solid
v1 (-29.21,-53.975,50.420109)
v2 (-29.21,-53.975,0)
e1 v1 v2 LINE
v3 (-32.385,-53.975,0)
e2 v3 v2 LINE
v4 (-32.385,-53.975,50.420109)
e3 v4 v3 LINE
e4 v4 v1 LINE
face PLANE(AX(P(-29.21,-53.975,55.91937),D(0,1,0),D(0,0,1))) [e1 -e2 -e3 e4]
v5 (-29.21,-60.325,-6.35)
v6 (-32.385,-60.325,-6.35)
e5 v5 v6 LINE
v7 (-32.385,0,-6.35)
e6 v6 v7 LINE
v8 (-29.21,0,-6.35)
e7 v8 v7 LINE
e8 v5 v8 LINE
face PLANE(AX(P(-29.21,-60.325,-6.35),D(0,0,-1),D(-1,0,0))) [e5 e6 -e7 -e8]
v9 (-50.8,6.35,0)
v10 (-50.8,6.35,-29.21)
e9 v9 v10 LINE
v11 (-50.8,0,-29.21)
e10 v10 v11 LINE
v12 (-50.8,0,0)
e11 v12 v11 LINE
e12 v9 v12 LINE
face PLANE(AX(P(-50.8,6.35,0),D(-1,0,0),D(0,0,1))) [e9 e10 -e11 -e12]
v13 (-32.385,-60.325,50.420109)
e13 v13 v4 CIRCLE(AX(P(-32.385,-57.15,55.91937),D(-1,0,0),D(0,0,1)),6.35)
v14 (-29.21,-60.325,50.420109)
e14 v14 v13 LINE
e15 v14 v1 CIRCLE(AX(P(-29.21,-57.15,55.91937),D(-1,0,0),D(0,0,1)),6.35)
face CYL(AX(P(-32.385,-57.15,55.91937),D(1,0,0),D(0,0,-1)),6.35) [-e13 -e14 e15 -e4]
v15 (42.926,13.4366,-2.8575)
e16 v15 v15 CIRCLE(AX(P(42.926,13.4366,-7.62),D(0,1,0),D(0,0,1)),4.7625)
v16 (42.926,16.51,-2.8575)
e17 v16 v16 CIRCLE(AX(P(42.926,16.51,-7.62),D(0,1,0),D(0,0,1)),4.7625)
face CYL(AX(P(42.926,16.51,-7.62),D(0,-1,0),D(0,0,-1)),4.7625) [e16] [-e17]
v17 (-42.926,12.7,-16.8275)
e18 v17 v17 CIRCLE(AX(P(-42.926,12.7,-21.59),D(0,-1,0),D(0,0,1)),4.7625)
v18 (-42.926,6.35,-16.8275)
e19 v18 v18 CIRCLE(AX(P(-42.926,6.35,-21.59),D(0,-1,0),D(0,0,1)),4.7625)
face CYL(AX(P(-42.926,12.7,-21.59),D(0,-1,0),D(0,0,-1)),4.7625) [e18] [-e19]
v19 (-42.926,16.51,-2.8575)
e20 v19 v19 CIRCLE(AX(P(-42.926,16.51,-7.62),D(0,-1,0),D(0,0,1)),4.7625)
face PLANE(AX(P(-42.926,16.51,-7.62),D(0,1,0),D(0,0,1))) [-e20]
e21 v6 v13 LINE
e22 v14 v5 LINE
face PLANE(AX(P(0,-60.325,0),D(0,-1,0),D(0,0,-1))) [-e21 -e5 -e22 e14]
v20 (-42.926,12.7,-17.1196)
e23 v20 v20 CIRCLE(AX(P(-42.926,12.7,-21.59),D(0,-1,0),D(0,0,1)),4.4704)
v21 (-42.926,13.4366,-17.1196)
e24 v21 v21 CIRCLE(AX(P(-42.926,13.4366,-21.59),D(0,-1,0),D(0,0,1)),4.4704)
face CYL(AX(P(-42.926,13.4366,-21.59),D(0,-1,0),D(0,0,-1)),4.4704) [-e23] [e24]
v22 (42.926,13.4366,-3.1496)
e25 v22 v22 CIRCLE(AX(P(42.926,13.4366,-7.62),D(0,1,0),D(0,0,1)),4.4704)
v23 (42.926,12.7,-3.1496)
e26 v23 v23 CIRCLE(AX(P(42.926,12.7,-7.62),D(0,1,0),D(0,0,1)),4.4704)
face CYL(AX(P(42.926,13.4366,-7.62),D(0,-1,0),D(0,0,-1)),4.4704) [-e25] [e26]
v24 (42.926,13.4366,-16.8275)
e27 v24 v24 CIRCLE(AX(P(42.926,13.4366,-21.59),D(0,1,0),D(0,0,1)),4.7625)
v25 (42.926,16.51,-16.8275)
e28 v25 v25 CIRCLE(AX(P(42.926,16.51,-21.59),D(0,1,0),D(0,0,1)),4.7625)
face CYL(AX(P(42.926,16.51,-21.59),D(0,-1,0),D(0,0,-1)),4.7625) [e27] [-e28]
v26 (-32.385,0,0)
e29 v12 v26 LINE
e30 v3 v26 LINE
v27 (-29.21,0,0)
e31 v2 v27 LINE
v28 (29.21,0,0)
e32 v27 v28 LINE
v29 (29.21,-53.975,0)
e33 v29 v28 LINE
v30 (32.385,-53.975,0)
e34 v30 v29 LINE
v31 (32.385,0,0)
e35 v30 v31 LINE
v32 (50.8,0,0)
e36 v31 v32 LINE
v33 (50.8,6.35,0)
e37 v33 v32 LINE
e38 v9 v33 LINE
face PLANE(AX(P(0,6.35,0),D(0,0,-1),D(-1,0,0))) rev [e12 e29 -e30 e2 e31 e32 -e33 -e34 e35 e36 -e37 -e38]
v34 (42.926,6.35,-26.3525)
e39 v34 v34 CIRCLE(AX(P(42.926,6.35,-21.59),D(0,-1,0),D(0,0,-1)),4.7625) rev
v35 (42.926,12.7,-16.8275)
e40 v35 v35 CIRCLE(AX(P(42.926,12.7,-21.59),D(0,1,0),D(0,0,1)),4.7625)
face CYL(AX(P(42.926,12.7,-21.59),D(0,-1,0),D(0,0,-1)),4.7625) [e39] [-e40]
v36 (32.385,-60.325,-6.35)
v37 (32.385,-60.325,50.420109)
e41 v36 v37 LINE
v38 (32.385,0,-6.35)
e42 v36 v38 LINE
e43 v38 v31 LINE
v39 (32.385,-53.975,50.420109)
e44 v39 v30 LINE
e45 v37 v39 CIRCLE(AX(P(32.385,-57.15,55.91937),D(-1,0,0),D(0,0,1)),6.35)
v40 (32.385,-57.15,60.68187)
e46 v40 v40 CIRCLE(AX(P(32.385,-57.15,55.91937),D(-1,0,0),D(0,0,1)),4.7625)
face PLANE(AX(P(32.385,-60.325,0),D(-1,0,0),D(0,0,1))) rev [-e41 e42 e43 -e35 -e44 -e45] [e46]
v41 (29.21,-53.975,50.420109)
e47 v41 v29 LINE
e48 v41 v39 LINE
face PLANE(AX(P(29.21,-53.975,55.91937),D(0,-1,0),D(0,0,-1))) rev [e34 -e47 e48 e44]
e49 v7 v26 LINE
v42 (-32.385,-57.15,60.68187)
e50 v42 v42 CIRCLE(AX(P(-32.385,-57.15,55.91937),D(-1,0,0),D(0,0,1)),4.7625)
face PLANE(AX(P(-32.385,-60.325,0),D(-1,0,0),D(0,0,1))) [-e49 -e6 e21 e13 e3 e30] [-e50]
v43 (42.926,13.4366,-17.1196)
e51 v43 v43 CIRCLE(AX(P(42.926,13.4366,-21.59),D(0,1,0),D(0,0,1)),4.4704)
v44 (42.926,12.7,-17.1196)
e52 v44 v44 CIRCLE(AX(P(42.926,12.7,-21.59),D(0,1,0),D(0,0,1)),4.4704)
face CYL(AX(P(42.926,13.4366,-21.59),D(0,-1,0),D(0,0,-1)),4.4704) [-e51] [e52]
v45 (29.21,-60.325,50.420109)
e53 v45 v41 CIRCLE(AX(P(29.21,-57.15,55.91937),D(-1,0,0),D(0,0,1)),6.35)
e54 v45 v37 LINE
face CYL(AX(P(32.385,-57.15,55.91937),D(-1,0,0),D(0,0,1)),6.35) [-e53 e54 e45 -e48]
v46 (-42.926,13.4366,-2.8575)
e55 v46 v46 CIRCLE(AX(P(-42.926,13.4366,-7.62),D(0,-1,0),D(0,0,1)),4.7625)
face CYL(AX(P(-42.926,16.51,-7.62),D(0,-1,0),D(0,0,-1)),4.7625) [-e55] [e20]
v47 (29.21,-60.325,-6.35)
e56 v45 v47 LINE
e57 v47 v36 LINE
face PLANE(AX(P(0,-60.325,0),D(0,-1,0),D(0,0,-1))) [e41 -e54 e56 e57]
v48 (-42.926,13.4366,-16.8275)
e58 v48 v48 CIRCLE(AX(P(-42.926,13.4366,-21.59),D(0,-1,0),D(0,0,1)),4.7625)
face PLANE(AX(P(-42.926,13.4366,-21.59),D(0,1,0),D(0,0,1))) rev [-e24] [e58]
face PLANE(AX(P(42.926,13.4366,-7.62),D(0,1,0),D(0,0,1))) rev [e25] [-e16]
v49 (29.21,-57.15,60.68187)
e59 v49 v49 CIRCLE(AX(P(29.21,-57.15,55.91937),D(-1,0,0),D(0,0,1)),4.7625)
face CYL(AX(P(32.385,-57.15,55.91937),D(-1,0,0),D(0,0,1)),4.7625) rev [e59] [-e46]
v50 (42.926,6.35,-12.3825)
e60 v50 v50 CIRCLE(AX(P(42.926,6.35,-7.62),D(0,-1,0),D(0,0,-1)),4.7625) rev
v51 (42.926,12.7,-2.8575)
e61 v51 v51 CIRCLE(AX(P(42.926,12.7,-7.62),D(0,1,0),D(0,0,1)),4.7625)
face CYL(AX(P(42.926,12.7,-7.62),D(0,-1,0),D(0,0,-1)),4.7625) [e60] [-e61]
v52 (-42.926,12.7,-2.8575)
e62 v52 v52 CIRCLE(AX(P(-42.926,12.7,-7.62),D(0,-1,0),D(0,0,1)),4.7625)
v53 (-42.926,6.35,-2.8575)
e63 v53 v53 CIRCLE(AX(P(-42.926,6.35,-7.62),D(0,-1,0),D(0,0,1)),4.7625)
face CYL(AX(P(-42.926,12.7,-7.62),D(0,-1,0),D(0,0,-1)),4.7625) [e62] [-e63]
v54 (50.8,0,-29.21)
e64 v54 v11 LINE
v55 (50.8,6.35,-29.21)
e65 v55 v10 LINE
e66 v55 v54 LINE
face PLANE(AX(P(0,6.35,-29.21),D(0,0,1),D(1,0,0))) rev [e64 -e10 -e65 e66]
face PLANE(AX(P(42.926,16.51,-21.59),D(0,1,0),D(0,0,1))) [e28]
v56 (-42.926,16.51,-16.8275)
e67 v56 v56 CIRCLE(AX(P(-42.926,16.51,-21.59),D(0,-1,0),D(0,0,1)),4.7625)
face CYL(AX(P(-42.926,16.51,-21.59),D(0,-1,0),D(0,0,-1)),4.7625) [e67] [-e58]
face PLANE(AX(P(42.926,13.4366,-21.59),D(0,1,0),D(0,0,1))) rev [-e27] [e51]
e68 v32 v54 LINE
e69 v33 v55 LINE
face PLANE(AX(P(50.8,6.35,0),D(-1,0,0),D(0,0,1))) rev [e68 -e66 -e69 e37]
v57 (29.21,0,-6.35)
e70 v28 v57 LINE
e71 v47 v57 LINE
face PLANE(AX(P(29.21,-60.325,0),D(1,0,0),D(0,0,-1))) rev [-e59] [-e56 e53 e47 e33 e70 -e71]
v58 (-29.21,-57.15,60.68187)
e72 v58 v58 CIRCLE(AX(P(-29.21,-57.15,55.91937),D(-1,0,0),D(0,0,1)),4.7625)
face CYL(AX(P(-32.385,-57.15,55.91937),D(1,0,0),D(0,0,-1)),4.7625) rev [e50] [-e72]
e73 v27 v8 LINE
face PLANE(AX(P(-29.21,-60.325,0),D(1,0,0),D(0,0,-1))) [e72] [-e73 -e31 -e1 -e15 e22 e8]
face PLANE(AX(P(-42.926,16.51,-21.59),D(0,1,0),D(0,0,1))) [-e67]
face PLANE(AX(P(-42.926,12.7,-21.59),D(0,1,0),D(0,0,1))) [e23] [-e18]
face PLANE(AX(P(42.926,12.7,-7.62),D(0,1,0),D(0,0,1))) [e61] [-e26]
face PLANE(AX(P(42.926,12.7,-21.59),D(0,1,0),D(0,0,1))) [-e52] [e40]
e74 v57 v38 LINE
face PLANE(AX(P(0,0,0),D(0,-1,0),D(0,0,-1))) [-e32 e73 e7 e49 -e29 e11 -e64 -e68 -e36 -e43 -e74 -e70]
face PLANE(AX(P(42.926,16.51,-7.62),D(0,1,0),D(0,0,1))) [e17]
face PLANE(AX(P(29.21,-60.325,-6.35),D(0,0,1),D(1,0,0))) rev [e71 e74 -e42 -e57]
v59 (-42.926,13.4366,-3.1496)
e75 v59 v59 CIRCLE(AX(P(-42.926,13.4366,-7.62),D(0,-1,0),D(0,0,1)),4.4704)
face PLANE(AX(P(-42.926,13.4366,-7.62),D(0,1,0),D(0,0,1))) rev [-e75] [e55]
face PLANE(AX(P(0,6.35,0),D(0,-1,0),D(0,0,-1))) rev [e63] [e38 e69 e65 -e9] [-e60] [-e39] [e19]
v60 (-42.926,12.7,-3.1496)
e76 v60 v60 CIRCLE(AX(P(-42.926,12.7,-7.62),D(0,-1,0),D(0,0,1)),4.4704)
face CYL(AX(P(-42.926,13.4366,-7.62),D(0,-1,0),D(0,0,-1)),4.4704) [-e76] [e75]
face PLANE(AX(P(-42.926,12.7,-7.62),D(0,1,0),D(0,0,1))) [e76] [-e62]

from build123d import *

# Parameters (mm, degrees)
SKETCH2_W           = 50.8
SKETCH2_H           = 29.21
BOSS_EXTRUDE1_DEPTH = 6.35
SKETCH4_R           = 4.7625
BOSS_EXTRUDE2_DEPTH = 6.35
SKETCH7_R           = 4.4704
BOSS_EXTRUDE3_DEPTH = 0.7366
SKETCH8_R           = 4.7625
BOSS_EXTRUDE4_DEPTH = 3.0734
SKETCH11_W          = 3.175
SKETCH11_H          = 6.35
BOSS_EXTRUDE5_DEPTH = 60.325
SKETCH12_W          = 3.175
SKETCH12_H          = 6.35
BOSS_EXTRUDE6_DEPTH = 55.91937
SKETCH13_R          = 6.35
SKETCH13_R_2        = 4.7625
BOSS_EXTRUDE8_DEPTH = 3.175
SKETCH17_R          = 4.7625
CUT_EXTRUDE3_DEPTH  = 3.175


with BuildPart() as part:
    # Sketch2 → Boss-Extrude1 (new body)
    with BuildSketch(Plane(origin=(0, 0, 0), x_dir=(1, 0, 0), z_dir=(0, 1, 0))):
        with Locations((25.4, 14.605)):
            Rectangle(SKETCH2_W, SKETCH2_H)
    boss_extrude1 = extrude(amount=BOSS_EXTRUDE1_DEPTH)

    # Sketch4 → Boss-Extrude2 (add)
    with BuildSketch(Plane(origin=(0, 6.35, 0), x_dir=(1, 0, 0), z_dir=(0, 1, 0))):
        with Locations(Location((42.926, 7.62, 0), (0, 0, 90))):
            Circle(SKETCH4_R)
        with Locations(Location((42.926, 21.59, 0), (0, 0, 90))):
            Circle(SKETCH4_R)
    boss_extrude2 = extrude(amount=BOSS_EXTRUDE2_DEPTH)

    # Sketch7 → Boss-Extrude3 (add)
    with BuildSketch(Plane(origin=(0, 12.7, 0), x_dir=(1, 0, 0), z_dir=(0, 1, 0))):
        with Locations(Location((42.926, 21.59, 0), (0, 0, 270))):
            Circle(SKETCH7_R)
        with Locations(Location((42.926, 7.62, 0), (0, 0, 270))):
            Circle(SKETCH7_R)
    boss_extrude3 = extrude(amount=BOSS_EXTRUDE3_DEPTH)

    # Sketch8 → Boss-Extrude4 (add)
    with BuildSketch(Plane(origin=(0, 13.4366, 0), x_dir=(1, 0, 0), z_dir=(0, 1, 0))):
        with Locations(Location((42.926, 21.59, 0), (0, 0, 90))):
            Circle(SKETCH8_R)
        with Locations(Location((42.926, 7.62, 0), (0, 0, 90))):
            Circle(SKETCH8_R)
    boss_extrude4 = extrude(amount=BOSS_EXTRUDE4_DEPTH)

    # Sketch11 → Boss-Extrude5 (add)
    with BuildSketch(Plane.XZ):
        with Locations((30.7975, -3.175)):
            Rectangle(SKETCH11_W, SKETCH11_H)
    boss_extrude5 = extrude(amount=BOSS_EXTRUDE5_DEPTH)

    # Sketch12 → Boss-Extrude6 (add)
    with BuildSketch(Plane.XY):
        with Locations((30.7975, -57.15)):
            Rectangle(SKETCH12_W, SKETCH12_H)
    boss_extrude6 = extrude(amount=BOSS_EXTRUDE6_DEPTH)

    # Sketch13 → Boss-Extrude8 (add)
    with BuildSketch(Plane.ZY.offset(-29.21)):
        with Locations((55.91937, -57.15)):
            Circle(SKETCH13_R)
        with Locations((55.91937, -57.15)):
            Circle(SKETCH13_R_2, mode=Mode.SUBTRACT)
    boss_extrude8 = extrude(amount=-BOSS_EXTRUDE8_DEPTH)

    # Sketch17 → Cut-Extrude3 (cut)
    with BuildSketch(Plane.ZY.offset(-29.21)):
        with Locations((55.91937, -57.15)):
            Circle(SKETCH17_R)
    cut_extrude3 = extrude(amount=-CUT_EXTRUDE3_DEPTH, mode=Mode.SUBTRACT)

    # Mirror3: Boss-Extrude1, Boss-Extrude2, Boss-Extrude3, Boss-Extrude4, Boss-Extrude5, Boss-Extrude6, Boss-Extrude8, Cut-Extrude3 across plane
    add(boss_extrude1.mirror(Plane(origin=(0, 0, 0), x_dir=(0, 0, 1), z_dir=(1, 0, 0))))
    add(boss_extrude2.mirror(Plane(origin=(0, 0, 0), x_dir=(0, 0, 1), z_dir=(1, 0, 0))))
    add(boss_extrude3.mirror(Plane(origin=(0, 0, 0), x_dir=(0, 0, 1), z_dir=(1, 0, 0))))
    add(boss_extrude4.mirror(Plane(origin=(0, 0, 0), x_dir=(0, 0, 1), z_dir=(1, 0, 0))))
    add(boss_extrude5.mirror(Plane(origin=(0, 0, 0), x_dir=(0, 0, 1), z_dir=(1, 0, 0))))
    add(boss_extrude6.mirror(Plane(origin=(0, 0, 0), x_dir=(0, 0, 1), z_dir=(1, 0, 0))))
    add(boss_extrude8.mirror(Plane(origin=(0, 0, 0), x_dir=(0, 0, 1), z_dir=(1, 0, 0))))
    add(cut_extrude3.mirror(Plane(origin=(0, 0, 0), x_dir=(0, 0, 1), z_dir=(1, 0, 0))), mode=Mode.SUBTRACT)


solid = part.part
